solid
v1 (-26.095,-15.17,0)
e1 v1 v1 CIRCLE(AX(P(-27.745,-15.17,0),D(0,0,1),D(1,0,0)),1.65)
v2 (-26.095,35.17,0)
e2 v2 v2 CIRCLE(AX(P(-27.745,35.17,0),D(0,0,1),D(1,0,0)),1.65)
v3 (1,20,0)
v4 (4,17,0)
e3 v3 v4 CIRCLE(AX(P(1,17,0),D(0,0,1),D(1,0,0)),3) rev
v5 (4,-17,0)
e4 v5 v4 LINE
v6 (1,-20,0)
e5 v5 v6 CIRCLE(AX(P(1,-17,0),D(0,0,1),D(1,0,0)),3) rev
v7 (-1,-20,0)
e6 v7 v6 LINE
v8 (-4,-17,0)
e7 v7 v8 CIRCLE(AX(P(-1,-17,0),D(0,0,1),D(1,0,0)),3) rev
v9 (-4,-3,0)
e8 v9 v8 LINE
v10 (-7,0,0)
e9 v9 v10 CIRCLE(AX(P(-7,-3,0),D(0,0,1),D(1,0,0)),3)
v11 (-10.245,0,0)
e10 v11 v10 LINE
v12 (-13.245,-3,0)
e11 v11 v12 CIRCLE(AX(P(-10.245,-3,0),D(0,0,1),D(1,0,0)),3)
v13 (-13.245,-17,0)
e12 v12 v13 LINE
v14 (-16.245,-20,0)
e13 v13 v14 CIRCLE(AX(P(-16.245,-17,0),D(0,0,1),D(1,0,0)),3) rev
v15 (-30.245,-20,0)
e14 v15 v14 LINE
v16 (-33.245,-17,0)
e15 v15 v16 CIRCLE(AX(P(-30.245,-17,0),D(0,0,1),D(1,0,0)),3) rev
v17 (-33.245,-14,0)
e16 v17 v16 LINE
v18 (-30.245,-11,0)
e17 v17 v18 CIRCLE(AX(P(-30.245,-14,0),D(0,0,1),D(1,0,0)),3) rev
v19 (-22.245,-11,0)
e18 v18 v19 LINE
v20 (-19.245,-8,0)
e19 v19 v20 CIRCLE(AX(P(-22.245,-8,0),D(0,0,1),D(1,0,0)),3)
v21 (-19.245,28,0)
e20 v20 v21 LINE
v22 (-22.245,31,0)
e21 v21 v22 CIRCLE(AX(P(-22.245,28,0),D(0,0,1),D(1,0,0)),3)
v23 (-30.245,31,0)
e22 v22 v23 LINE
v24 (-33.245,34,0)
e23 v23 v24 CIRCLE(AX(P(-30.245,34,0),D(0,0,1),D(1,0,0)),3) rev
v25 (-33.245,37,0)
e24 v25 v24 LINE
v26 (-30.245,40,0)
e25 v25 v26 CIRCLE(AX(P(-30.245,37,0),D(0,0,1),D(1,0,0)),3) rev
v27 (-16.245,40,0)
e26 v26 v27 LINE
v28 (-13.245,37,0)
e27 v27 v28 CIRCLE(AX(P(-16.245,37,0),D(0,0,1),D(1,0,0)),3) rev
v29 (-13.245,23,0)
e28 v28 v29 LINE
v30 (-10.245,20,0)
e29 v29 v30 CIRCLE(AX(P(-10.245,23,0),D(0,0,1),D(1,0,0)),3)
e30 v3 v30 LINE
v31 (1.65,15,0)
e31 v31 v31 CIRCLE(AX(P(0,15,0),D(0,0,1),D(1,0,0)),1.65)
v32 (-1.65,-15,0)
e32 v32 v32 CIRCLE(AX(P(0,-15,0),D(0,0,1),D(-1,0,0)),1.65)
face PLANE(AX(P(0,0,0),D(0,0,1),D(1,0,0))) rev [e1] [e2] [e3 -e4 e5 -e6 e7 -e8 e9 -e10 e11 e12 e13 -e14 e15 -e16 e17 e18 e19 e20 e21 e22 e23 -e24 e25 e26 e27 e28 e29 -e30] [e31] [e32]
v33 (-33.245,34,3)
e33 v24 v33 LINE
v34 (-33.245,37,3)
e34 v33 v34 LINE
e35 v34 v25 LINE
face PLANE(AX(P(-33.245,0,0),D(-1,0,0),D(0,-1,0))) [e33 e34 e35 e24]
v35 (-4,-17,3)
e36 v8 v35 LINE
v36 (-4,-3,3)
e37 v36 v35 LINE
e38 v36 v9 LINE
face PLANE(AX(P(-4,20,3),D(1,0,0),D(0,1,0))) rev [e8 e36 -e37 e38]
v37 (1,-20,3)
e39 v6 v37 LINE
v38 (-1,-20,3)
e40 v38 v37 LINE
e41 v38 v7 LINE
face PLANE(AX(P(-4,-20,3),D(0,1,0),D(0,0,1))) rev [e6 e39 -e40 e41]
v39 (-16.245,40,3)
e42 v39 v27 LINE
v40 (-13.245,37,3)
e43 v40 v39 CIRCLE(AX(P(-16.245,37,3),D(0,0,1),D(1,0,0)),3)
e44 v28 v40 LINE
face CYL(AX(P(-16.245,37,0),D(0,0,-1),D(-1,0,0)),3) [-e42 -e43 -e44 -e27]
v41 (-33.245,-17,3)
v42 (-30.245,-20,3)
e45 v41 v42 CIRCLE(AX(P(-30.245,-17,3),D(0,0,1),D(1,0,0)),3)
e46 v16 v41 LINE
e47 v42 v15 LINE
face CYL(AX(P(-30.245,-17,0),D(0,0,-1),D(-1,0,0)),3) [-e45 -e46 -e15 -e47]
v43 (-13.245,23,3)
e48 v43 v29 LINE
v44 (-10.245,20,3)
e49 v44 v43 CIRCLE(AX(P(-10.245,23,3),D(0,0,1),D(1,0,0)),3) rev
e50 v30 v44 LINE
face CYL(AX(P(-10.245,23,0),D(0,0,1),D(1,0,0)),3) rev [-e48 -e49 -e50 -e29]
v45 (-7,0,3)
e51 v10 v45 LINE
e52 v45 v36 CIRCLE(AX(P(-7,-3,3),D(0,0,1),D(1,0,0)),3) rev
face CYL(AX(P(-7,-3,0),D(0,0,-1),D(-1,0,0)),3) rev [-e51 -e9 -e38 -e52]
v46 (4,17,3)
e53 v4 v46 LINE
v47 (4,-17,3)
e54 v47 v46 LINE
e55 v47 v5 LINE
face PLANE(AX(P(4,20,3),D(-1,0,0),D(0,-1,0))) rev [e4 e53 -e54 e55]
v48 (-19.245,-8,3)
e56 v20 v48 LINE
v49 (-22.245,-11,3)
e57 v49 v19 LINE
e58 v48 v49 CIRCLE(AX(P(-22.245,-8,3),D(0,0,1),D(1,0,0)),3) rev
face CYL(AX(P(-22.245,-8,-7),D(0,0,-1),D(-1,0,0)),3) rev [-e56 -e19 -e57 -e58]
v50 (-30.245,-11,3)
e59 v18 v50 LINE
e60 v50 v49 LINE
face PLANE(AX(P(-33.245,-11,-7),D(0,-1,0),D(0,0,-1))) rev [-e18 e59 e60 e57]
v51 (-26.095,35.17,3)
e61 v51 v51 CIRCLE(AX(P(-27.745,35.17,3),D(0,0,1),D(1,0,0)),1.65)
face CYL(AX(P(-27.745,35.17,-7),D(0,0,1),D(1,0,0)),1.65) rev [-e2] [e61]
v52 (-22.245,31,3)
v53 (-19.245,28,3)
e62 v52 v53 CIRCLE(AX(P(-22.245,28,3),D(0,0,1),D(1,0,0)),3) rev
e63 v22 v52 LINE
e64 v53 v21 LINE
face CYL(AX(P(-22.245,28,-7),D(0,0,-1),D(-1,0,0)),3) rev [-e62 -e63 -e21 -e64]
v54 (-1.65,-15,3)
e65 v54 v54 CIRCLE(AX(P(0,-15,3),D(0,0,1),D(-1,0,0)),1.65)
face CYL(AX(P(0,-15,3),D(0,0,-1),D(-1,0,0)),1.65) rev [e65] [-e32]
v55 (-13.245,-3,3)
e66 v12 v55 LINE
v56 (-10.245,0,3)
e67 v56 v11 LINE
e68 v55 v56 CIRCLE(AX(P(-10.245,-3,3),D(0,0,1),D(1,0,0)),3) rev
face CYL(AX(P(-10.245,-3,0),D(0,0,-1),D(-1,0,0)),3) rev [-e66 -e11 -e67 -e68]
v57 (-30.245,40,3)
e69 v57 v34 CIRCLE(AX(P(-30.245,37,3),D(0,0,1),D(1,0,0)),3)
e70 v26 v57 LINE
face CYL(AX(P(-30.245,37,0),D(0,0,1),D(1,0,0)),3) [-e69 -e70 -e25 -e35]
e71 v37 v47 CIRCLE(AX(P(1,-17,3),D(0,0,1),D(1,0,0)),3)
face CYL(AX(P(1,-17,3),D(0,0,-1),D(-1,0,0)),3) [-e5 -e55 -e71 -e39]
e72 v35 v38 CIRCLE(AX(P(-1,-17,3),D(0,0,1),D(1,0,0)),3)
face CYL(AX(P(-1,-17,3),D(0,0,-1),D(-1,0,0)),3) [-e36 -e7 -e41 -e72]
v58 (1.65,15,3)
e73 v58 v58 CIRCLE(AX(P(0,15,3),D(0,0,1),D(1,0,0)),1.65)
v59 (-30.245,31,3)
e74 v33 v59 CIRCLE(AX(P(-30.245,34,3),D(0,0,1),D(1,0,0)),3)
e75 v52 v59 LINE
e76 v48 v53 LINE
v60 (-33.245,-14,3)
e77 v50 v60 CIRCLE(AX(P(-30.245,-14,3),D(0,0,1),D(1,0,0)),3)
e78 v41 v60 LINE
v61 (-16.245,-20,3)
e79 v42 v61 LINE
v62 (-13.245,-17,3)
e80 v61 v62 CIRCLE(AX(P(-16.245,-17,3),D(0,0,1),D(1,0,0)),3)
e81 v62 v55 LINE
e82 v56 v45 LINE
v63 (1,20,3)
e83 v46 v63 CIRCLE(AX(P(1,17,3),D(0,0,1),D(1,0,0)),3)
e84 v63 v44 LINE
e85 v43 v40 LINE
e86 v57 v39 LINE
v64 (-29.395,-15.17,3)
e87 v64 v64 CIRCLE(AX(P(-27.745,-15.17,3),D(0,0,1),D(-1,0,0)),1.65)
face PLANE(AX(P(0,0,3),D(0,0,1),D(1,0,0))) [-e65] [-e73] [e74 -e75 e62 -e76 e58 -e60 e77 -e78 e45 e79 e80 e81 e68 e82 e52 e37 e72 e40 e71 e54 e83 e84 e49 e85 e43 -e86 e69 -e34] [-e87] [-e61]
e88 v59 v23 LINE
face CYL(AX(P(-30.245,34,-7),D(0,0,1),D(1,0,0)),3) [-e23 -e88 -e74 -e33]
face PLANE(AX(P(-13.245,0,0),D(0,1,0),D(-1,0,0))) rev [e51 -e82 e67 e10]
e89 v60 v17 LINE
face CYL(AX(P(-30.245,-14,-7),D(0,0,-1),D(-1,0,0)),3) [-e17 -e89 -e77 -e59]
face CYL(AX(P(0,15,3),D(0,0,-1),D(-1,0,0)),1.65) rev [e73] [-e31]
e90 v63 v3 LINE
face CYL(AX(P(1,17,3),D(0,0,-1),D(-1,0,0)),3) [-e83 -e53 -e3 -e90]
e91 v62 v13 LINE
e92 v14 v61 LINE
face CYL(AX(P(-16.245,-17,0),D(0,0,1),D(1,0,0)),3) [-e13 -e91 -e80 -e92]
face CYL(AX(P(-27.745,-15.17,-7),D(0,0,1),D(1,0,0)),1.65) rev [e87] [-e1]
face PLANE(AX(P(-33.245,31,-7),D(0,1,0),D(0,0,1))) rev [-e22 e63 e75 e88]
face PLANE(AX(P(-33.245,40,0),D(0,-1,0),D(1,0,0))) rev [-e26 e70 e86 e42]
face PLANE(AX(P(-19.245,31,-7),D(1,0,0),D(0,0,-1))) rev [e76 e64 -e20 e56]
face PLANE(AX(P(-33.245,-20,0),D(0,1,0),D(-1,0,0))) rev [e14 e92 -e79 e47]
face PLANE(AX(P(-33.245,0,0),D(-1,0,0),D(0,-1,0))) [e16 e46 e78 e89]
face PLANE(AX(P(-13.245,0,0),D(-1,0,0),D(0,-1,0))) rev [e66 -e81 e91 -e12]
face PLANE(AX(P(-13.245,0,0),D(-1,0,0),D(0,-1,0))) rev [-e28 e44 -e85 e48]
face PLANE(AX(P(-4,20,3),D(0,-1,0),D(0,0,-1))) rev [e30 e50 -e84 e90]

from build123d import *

# Parameters (mm, degrees)
SKETCH1_W           = 8
SKETCH1_H           = 40
SKETCH1_R           = 1.65
BOSS_EXTRUDE1_DEPTH = 3
SKETCH9_W           = 3
SKETCH9_H           = 20
BOSS_EXTRUDE6_DEPTH = 9.245
SKETCH10_W          = 3
SKETCH10_H          = 60
BOSS_EXTRUDE7_DEPTH = 20
SKETCH11_W          = 14
SKETCH11_H          = 42
CUT_EXTRUDE1_DEPTH  = 10
SKETCH12_R          = 1.65
CUT_EXTRUDE2_DEPTH  = 10
FILLET7_R           = 3


with BuildPart() as part:
    # Sketch1 → Boss-Extrude1 (new body)
    with BuildSketch(Plane.XY):
        Rectangle(SKETCH1_W, SKETCH1_H)
        with Locations((0, 15)):
            Circle(SKETCH1_R, mode=Mode.SUBTRACT)
        with Locations(Location((0, -15, 0), (0, 0, 180))):
            Circle(SKETCH1_R, mode=Mode.SUBTRACT)
    extrude(amount=BOSS_EXTRUDE1_DEPTH)

    # Sketch9 → Boss-Extrude6 (add)
    with BuildSketch(Plane.ZY.offset(4)):
        with Locations((1.5, 10)):
            Rectangle(SKETCH9_W, SKETCH9_H)
    extrude(amount=BOSS_EXTRUDE6_DEPTH)

    # Sketch10 → Boss-Extrude7 (add)
    with BuildSketch(Plane.ZY.offset(13.245)):
        with Locations((1.5, 10)):
            Rectangle(SKETCH10_W, SKETCH10_H)
    extrude(amount=BOSS_EXTRUDE7_DEPTH)

    # Sketch11 → Cut-Extrude1 (cut)
    with BuildSketch(Plane.XY.offset(3)):
        with Locations((-26.245, 10)):
            Rectangle(SKETCH11_W, SKETCH11_H)
    extrude(amount=-CUT_EXTRUDE1_DEPTH, mode=Mode.SUBTRACT)

    # Sketch12 → Cut-Extrude2 (cut)
    with BuildSketch(Plane.XY.offset(3)):
        with Locations((-27.745, 35.17)):
            Circle(SKETCH12_R)
        with Locations((-27.745, -15.17)):
            Circle(SKETCH12_R)
    extrude(amount=-CUT_EXTRUDE2_DEPTH, mode=Mode.SUBTRACT)

    # Fillet7
    fillet7_edges = [part.edges().sort_by_distance(p)[0] for p in [
        (-4, 0, 1.5),
        (-13.245, 0, 1.5),
        (-13.245, 20, 1.5),
        (-13.245, 40, 1.5),
        (-13.245, -20, 1.5),
        (-33.245, 40, 1.5),
        (-33.245, -20, 1.5),
        (-33.245, -11, 1.5),
        (-33.245, 31, 1.5),
        (-19.245, 31, 1.5),
        (-19.245, -11, 1.5),
        (4, -20, 1.5),
        (-4, -20, 1.5),
        (4, 20, 1.5),
    ]]
    fillet(fillet7_edges, radius=FILLET7_R)


solid = part.part
